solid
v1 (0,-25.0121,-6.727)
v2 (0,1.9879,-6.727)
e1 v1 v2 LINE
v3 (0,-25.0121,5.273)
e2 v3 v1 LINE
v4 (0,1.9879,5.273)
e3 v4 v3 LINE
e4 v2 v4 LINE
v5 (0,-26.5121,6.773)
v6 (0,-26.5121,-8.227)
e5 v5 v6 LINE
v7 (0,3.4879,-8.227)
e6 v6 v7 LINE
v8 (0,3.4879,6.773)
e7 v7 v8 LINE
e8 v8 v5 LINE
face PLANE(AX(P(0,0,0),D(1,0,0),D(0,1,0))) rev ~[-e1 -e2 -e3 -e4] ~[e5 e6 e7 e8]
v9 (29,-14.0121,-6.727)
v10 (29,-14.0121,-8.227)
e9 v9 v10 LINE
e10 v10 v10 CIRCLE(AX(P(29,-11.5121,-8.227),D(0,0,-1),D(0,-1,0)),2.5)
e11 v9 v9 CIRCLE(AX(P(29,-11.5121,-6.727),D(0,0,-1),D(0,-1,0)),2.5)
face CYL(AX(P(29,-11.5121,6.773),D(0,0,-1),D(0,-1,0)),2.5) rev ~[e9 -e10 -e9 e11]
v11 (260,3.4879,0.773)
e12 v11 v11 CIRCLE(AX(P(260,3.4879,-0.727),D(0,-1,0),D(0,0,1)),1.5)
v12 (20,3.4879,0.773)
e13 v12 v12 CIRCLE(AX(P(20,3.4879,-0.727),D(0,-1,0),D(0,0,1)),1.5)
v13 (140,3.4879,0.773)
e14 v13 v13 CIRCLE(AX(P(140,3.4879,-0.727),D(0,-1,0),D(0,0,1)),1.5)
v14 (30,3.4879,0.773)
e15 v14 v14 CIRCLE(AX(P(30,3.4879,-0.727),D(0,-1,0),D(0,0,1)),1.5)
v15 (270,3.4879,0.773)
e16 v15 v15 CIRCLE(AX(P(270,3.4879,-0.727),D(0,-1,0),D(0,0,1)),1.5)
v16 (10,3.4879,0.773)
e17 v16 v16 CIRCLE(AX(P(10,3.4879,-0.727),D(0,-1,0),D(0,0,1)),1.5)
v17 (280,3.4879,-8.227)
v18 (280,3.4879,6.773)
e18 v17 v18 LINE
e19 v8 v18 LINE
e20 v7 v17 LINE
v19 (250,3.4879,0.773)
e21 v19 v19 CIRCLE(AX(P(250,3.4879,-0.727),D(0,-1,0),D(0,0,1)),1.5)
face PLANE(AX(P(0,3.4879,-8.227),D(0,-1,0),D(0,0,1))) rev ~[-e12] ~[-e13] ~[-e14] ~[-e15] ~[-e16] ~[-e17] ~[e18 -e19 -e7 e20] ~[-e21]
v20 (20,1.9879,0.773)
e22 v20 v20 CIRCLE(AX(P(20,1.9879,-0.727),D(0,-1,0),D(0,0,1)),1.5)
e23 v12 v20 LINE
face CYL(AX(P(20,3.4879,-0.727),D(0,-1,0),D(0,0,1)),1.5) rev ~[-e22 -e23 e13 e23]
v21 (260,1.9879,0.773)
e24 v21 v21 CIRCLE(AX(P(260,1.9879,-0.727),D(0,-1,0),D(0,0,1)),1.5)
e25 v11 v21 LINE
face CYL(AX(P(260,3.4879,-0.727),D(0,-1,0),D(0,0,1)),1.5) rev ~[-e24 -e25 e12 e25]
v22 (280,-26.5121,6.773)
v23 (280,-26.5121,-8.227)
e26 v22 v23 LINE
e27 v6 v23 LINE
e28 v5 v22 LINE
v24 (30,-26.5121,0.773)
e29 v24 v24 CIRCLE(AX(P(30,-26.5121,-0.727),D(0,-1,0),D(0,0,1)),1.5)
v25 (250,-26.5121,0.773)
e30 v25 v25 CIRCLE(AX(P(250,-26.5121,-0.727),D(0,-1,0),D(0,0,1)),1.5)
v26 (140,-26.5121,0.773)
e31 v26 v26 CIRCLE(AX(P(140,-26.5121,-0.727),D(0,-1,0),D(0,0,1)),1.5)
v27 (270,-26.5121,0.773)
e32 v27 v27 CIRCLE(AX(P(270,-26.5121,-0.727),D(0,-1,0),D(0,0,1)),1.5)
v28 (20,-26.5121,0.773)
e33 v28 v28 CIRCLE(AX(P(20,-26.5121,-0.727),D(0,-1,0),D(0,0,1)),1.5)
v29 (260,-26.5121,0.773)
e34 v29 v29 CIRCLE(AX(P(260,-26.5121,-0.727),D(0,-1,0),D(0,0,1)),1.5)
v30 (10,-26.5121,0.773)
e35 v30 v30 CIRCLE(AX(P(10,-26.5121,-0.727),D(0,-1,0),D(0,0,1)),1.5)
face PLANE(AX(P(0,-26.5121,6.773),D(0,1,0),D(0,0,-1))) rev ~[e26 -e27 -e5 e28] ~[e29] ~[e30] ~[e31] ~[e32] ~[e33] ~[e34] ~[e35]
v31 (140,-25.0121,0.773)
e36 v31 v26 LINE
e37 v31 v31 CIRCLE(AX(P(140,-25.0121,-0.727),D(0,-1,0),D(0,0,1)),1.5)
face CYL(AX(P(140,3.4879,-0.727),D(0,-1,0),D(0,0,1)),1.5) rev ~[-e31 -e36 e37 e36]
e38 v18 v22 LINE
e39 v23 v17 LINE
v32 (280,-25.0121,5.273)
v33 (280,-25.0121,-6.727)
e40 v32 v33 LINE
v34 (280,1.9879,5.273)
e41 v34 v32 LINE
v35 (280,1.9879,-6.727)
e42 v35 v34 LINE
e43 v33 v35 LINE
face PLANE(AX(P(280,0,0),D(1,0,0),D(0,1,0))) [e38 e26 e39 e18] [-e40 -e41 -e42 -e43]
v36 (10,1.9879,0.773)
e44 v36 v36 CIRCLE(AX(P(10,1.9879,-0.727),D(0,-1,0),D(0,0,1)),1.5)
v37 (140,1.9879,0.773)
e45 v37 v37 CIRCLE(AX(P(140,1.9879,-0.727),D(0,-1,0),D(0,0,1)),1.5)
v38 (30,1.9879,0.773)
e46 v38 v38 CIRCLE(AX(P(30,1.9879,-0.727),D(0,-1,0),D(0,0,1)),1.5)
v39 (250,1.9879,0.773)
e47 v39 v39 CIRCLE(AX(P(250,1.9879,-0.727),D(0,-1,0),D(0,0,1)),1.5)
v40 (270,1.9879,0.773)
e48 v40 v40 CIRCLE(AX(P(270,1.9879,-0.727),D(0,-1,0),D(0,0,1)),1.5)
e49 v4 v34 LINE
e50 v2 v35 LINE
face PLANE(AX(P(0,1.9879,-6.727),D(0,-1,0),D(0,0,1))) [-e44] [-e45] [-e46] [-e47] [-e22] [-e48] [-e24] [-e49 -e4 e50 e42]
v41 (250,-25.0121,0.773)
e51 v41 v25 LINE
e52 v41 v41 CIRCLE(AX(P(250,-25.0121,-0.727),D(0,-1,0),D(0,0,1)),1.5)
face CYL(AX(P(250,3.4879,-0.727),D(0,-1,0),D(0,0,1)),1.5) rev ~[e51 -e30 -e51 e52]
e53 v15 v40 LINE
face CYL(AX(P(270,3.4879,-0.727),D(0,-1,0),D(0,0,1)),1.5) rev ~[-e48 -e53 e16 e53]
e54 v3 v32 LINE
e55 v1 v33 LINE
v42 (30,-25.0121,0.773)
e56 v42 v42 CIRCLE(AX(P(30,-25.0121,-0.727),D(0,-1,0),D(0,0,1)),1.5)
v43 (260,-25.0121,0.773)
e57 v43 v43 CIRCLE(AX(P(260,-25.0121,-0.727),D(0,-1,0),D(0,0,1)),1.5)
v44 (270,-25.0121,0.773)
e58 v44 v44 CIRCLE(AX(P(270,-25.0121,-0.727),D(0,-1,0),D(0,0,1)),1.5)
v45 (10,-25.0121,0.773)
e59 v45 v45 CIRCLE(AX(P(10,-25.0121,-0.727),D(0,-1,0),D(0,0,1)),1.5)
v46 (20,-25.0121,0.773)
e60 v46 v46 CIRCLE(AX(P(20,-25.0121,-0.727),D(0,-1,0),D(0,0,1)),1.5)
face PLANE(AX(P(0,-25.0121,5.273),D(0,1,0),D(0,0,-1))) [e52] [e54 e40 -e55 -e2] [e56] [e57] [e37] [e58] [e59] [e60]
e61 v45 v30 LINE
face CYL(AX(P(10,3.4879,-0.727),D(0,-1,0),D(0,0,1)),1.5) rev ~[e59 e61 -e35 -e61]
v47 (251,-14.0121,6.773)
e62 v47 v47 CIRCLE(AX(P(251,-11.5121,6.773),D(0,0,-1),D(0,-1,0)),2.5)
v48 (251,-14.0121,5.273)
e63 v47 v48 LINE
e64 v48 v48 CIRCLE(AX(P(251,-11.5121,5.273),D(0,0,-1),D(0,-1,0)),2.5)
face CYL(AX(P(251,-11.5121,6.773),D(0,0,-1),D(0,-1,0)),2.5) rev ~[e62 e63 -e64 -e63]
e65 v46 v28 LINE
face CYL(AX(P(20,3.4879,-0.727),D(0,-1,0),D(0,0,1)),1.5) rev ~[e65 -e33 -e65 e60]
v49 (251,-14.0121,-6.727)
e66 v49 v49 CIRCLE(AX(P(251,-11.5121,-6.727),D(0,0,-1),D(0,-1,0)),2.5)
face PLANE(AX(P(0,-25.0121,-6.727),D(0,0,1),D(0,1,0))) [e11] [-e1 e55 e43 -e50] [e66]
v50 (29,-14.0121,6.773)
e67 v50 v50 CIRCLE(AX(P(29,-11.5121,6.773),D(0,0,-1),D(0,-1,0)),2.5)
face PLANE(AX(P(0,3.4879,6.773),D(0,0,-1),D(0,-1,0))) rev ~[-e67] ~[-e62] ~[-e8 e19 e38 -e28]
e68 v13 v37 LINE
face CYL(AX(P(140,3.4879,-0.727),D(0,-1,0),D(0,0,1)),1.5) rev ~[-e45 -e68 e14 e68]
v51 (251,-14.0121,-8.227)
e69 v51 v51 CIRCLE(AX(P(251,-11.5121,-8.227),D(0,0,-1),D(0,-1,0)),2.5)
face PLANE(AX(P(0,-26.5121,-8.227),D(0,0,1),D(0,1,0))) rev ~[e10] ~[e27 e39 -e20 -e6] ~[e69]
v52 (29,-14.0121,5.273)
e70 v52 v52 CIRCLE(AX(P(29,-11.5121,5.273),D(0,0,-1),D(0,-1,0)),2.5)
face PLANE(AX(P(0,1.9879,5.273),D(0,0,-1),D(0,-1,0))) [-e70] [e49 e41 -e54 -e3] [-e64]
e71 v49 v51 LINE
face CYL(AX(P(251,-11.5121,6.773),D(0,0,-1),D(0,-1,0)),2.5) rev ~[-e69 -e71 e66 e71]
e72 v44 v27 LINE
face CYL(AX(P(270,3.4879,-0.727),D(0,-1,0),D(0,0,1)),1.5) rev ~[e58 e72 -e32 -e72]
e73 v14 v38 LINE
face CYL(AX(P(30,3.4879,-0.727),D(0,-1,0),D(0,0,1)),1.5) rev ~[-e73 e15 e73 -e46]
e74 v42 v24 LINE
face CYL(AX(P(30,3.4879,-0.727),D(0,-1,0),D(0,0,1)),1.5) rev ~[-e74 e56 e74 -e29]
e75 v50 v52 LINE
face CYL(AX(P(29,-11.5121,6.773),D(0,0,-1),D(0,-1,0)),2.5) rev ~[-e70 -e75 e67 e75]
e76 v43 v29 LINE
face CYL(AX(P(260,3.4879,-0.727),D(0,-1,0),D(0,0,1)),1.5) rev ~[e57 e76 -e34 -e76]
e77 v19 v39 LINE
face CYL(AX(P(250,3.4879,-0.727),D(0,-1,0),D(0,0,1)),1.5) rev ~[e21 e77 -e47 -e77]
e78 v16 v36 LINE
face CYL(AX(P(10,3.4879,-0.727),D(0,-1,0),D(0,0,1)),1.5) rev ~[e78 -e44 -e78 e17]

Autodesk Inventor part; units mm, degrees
ref_plane "YZ Plane" through (0, 0, 0) normal (1, 0, 0) x (0, 1, 0)
ref_plane "XZ Plane" through (0, 0, 0) normal (0, 1, 0) x (-1, 0, 0)
ref_plane "XY Plane" through (0, 0, 0) normal (0, 0, 1) x (1, 0, 0)
sketch "スケッチ1" plane through (0, 0, 0) normal (1, 0, 0) x (0, 1, 0)
  line L0 (3.4879, 6.773) -> (-26.5121, 6.773)
  line L1 (-26.5121, 6.773) -> (-26.5121, -8.227)
  line L2 (-26.5121, -8.227) -> (3.4879, -8.227)
  line L3 (3.4879, -8.227) -> (3.4879, 6.773)
  point P0 (0, 0)
  dimension "d0" = 30
  dimension "d1" = 15
extrude "押し出し1" add sketch "スケッチ1" along normal blind 280
sketch "スケッチ2" plane through (0, 3.4879, 6.773) normal (0, 1, 0) x (1, 0, 0)
  circle A0 centre (10, 7.5) radius 1.5
  line L0 (0, 15) -> (0, 0) projected
  line L1 (0, 15) -> (280, 15) projected
  circle A1 centre (20, 7.5) radius 1.5
  circle A2 centre (30, 7.5) radius 1.5
  circle A3 centre (270, 7.5) radius 1.5
  line L2 (280, 15) -> (280, 0) projected
  circle A4 centre (260, 7.5) radius 1.5
  circle A5 centre (250, 7.5) radius 1.5
  point P0 (0, 6.773)
  dimension "d4" = 3
  dimension "d5" = 10
  dimension "d6" = 7.5
  dimension "d7" = 3
  dimension "d8" = 3
  dimension "d9" = 10
  dimension "d10" = 10
  dimension "d11" = 3
  dimension "d12" = 10
  dimension "d13" = 3
  dimension "d14" = 3
  dimension "d15" = 10
  dimension "d16" = 10
hole "穴1" at (270, 3.4879, -0.727) at (260, 3.4879, -0.727) at (250, 3.4879, -0.727) at (10, 3.4879, -0.727) at (20, 3.4879, -0.727) at (30, 3.4879, -0.727) direction (0, -1, 0) diameter 3 depth 30
sketch "スケッチ3" plane through (0, 0, 0) normal (-1, 0, 0) x (0, 0, 1)
  line L0 (-6.727, 1.9879) -> (5.273, 1.9879)
  line L1 (5.273, 1.9879) -> (5.273, -25.0121)
  line L2 (5.273, -25.0121) -> (-6.727, -25.0121)
  line L3 (-6.727, -25.0121) -> (-6.727, 1.9879)
  line L4 (-8.227, 3.4879) -> (6.773, 3.4879) projected
  line L5 (-8.227, -26.5121) -> (-8.227, 3.4879) projected
  point P0 (0, 0)
  dimension "d24" = 12
  dimension "d25" = 27
  dimension "d26" = 1.5
  dimension "d27" = 1.5
extrude "押し出し2" cut sketch "スケッチ3" against normal blind 280
sketch "スケッチ4" plane through (0, 3.4879, 6.773) normal (0, 1, 0) x (1, 0, 0)
  circle A0 centre (140, 7.5) radius 1.5
  line L0 (0, 0) -> (280, 0) projected
  line L1 (0, 15) -> (0, 0) projected
  point P0 (0, 6.773)
  dimension "d30" = 3
  dimension "d31" = 7.5
  dimension "d32" = 140
hole "穴2" at (140, 3.4879, -0.727) direction (0, -1, 0) diameter 3 depth 30
sketch "スケッチ5" plane through (0, -26.5121, 6.773) normal (0, 0, 1) x (1, 0, 0)
  circle A0 centre (29, 15) radius 2.5
  line L0 (0, 30) -> (0, 0) projected
  line L1 (0, 30) -> (280, 30) projected
  point P0 (0, 26.5121)
  dimension "d40" = 5
  dimension "d41" = 29
  dimension "d42" = 15
hole "穴3" at (29, -11.5121, 6.773) direction (0, 0, -1) diameter 5 depth 15
sketch "スケッチ6" plane through (0, -26.5121, 6.773) normal (0, 0, 1) x (1, 0, 0)
  circle A0 centre (251, 15) radius 2.5
  line L0 (280, 30) -> (280, 0) projected
  line L1 (0, 30) -> (280, 30) projected
  point P0 (0, 26.5121)
  dimension "d50" = 5
  dimension "d51" = 29
  dimension "d52" = 15
hole "穴4" at (251, -11.5121, 6.773) direction (0, 0, -1) diameter 5 depth 15
equation "\"BendRadius\" = Thickness"
equation "\"BendReliefWidth\" = Thickness"
equation "\"BendReliefDepth\" = 0.5 * Thickness"
equation "\"CornerReliefSize\" = 4 * Thickness"
equation "\"MinimumRemnant\" = 2 * Thickness"
equation "\"TransitionRadius\" = BendRadius"
equation "\"JacobiRadiusSize\" = BendRadius"
equation "\"GapSize\" = Thickness"
equation "\"Thickness\" = 0.5"
properties part number "nhk18" material "アルミニウム 6061"
